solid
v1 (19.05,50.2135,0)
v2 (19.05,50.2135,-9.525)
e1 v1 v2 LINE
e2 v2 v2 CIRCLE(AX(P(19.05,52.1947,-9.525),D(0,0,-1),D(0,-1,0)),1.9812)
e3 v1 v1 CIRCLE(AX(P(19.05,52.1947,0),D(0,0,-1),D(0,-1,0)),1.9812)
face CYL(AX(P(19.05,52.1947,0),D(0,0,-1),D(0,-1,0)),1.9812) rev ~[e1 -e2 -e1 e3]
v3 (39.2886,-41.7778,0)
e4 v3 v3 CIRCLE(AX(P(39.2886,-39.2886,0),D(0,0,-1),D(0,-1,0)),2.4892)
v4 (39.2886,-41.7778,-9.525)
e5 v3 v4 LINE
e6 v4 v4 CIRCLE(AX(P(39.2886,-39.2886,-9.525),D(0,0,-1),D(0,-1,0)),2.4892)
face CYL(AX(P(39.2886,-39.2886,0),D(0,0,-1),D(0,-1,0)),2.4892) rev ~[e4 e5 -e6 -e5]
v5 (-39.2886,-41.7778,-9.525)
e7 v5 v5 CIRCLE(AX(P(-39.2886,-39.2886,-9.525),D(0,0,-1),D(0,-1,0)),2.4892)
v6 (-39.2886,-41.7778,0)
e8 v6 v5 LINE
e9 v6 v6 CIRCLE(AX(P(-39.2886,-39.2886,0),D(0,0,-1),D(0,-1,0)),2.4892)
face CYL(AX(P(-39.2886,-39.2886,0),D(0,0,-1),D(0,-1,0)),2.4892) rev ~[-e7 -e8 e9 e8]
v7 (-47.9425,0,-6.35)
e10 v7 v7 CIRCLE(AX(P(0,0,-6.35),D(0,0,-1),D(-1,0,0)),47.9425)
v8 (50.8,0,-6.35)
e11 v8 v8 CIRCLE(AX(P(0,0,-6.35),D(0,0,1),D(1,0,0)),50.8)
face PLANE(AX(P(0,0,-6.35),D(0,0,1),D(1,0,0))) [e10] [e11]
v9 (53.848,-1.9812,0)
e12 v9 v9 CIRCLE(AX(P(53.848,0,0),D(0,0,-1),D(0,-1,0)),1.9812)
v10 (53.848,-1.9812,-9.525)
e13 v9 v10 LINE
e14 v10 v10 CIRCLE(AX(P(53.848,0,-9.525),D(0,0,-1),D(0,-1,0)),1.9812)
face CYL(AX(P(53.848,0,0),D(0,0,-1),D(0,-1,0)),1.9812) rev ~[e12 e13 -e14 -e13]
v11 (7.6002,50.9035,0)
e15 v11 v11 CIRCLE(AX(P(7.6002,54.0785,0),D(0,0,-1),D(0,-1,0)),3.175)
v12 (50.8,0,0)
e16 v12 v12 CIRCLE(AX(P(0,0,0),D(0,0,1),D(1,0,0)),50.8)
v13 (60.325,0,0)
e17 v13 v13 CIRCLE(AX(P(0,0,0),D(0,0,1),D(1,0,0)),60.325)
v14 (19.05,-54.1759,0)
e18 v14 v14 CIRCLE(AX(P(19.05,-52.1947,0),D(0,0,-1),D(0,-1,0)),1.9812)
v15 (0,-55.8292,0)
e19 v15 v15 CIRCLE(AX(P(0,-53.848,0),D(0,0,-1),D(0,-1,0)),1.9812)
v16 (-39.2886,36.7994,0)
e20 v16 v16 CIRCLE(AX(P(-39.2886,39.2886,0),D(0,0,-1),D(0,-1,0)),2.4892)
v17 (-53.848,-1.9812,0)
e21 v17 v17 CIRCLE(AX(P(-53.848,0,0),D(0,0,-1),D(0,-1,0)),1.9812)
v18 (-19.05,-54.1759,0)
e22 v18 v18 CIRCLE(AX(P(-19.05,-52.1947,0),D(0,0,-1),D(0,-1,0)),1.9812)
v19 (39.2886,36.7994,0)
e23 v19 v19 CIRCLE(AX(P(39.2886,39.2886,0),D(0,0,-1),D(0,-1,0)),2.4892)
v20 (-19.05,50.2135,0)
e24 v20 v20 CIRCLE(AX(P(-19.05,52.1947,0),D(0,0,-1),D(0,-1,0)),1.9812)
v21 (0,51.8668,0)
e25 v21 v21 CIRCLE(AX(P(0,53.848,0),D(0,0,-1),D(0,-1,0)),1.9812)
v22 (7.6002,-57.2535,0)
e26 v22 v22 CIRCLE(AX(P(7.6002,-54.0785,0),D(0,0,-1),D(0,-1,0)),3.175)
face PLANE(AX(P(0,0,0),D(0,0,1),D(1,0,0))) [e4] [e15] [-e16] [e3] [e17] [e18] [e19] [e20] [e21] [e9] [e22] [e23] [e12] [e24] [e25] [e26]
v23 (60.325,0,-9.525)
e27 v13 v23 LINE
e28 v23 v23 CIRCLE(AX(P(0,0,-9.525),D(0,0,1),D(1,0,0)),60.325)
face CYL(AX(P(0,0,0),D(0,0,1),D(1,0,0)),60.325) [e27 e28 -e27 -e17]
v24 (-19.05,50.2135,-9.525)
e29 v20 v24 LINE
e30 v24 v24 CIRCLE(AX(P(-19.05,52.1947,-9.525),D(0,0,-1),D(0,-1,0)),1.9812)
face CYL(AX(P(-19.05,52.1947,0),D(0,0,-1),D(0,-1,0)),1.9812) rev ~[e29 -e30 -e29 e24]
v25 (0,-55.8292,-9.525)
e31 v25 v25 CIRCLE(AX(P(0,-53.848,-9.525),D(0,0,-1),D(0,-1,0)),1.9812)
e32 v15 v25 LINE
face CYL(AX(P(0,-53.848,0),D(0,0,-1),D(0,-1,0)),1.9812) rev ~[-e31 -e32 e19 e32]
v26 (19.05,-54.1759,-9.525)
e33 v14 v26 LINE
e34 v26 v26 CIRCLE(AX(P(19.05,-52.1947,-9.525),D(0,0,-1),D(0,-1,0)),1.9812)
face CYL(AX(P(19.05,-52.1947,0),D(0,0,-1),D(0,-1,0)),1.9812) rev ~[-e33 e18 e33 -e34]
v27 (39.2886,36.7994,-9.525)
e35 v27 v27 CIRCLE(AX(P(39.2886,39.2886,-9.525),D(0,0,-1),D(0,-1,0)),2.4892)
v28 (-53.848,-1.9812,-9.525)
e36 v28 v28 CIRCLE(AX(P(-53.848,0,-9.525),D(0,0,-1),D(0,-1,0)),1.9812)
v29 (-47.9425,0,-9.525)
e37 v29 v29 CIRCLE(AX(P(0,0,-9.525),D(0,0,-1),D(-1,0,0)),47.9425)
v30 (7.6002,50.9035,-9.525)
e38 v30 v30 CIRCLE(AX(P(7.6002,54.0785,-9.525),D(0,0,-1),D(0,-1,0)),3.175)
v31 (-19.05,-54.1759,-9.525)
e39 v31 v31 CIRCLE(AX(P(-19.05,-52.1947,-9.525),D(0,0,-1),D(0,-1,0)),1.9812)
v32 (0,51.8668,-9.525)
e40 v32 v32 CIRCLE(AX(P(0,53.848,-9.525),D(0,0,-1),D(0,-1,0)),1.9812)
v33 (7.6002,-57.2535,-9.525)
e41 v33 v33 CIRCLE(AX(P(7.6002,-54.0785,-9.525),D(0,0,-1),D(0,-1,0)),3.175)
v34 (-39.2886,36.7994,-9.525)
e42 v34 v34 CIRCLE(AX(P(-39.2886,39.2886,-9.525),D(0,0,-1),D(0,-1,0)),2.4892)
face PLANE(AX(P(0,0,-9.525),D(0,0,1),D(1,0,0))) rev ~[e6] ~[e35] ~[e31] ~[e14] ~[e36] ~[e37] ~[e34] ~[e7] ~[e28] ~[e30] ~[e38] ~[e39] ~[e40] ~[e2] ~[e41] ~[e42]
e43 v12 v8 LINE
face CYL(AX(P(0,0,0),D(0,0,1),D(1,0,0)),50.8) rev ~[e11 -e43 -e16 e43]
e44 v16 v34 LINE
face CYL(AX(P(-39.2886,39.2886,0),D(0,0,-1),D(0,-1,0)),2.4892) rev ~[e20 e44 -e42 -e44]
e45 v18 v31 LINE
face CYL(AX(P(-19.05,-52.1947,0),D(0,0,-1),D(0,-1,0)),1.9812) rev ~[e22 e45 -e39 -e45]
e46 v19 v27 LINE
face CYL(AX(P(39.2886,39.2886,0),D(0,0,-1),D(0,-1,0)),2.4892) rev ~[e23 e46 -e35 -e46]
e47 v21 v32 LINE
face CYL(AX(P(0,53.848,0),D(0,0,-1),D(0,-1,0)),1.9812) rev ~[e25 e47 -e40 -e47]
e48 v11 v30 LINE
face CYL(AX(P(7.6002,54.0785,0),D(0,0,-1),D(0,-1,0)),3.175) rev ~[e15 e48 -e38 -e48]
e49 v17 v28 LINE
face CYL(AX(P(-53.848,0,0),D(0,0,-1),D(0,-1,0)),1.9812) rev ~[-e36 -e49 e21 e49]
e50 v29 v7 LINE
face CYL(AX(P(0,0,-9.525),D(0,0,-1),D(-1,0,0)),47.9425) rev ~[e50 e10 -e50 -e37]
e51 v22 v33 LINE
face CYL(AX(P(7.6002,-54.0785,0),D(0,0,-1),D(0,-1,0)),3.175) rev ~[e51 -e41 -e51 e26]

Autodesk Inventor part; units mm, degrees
ref_plane "YZ Plane" through (0, 0, 0) normal (1, 0, 0) x (0, 1, 0)
ref_plane "XZ Plane" through (0, 0, 0) normal (0, 1, 0) x (-1, 0, 0)
ref_plane "XY Plane" through (0, 0, 0) normal (0, 0, 1) x (1, 0, 0)
sketch "Sketch1" plane through (0, 0, 0) normal (0, 0, 1) x (1, 0, 0)
  circle A0 centre (0, 0) radius 60.325
  circle A1 centre (0, 0) radius 47.625
  dimension "d0" = 120.65
  dimension "d1" = 12.7
extrude "Extrusion1" add sketch "Sketch1" against normal blind 9.525
sketch "Sketch2" plane through (0, 0, 0) normal (0, 0, 1) x (1, 0, 0)
  circle A0 centre (0, 0) radius 50.8
  circle A1 centre (0, 0) radius 47.625 projected
  dimension "d4" = 101.6
extrude "Extrusion2" cut sketch "Sketch2" against normal blind 6.35 contours A0 | A1
sketch "Sketch3" plane through (0, 0, 0) normal (0, 0, 1) x (1, 0, 0)
  circle A0 centre (0, 0) radius 53.848 construction
  circle A1 centre (0, 0) radius 60.325 projected
  point P0 (0, 53.848)
  point P1 (-53.848, 0)
  point P2 (0, -53.848)
  point P3 (53.848, 0)
  dimension "d7" = 53.848
  dimension "d10" = 360
hole "Hole1" at (0, 53.848, 0) at (-53.848, 0, 0) at (0, -53.848, 0) at (53.848, 0, 0) direction (0, 0, -1) diameter 3.9624 end through all thread size "10-32 UNF" class "2B" standard "ANSI Unified Screw Threads"
sketch "Sketch4" plane through (0, 0, -9.525) normal (0, 0, -1) x (-1, 0, 0)
  circle A0 centre (0, 0) radius 47.9425
  circle A1 centre (0, 0) radius 47.625 projected
  dimension "d19" = 95.885
extrude "Extrusion3" cut sketch "Sketch4" against normal blind 6.35
sketch "Sketch5" plane through (0, 0, 0) normal (0, 0, 1) x (1, 0, 0)
  circle A0 centre (0, 0) radius 55.5625 construction
  line L0 (0, 0) -> (0, 55.5625) construction
  circle A1 centre (0, 0) radius 60.325 construction
  line L1 (-60.325, 0) -> (60.325, 0) construction
  line L2 (-19.05, -52.1947) -> (-19.05, 52.1947) construction
  line L3 (19.05, -52.1947) -> (19.05, 52.1947) construction
  dimension "d22" = 111.125
  dimension "d25" = 19.05
  dimension "d26" = 19.05
  dimension "d47" = 104.394
hole "Hole2" at (-19.05, 52.1947, 0) at (19.05, 52.1947, 0) at (-19.05, -52.1947, 0) at (19.05, -52.1947, 0) direction (0, 0, -1) diameter 3.9624 end through all thread size "10-32 UNF" class "2B" standard "ANSI Unified Screw Threads"
sketch "Sketch6" plane through (0, 0, 0) normal (0, 0, 1) x (1, 0, 0)
  circle A0 centre (0, 0) radius 55.5625 construction
  line L0 (0, 0) -> (-39.2886, 39.2886) construction
  line L1 (0, 0) -> (-60.7712, 0) construction
  point P0 (-39.2886, -39.2886)
  point P1 (39.2886, -39.2886)
  point P2 (39.2886, 39.2886)
  dimension "d34" = 111.125
  dimension "d35" = 45
  dimension "d38" = 360
hole "Hole3" at (-39.2886, 39.2886, 0) at (-39.2886, -39.2886, 0) at (39.2886, -39.2886, 0) at (39.2886, 39.2886, 0) direction (0, 0, -1) diameter 4.9784 end through all thread size "1/4-20 UNC" class "2B" standard "ANSI Unified Screw Threads"
sketch "Sketch7" plane through (0, 0, 0) normal (0, 0, 1) x (1, 0, 0)
  circle A0 centre (0, 0) radius 54.61 construction
  line L0 (0, 0) -> (0, 54.61) construction
  line L1 (0, 0) -> (7.6002, 54.0785) construction
  circle A1 centre (0, 0) radius 60.325 construction
  line L2 (-60.325, 0) -> (60.325, 0) construction
  circle A2 centre (39.2886, -39.2886) radius 2.4892 projected
  circle A3 centre (-39.2886, 39.2886) radius 2.4892 projected
  circle A4 centre (-39.2886, -39.2886) radius 2.4892 projected
  circle A5 centre (39.2886, 39.2886) radius 2.4892 projected
  circle A6 centre (-19.05, -52.1947) radius 1.9812 projected
  circle A7 centre (-19.05, 52.1947) radius 1.9812 projected
  circle A8 centre (19.05, 52.1947) radius 1.9812 projected
  circle A9 centre (19.05, -52.1947) radius 1.9812 projected
  circle A10 centre (0, -53.848) radius 1.9812 projected
  circle A11 centre (0, 53.848) radius 1.9812 projected
  circle A12 centre (-53.848, 0) radius 1.9812 projected
  circle A13 centre (53.848, 0) radius 1.9812 projected
  circle A14 centre (0, 0) radius 50.8 projected
  circle A15 centre (0, 0) radius 60.325 projected
  point P0 (7.6002, -54.0785)
  dimension "d49" = 109.22
  dimension "d50" = 8
hole "Hole4" at (7.6002, 54.0785, 0) at (7.6002, -54.0785, 0) direction (0, 0, -1) diameter 6.35 end through all
properties part number "LS-001" material "Aluminum 6061"
